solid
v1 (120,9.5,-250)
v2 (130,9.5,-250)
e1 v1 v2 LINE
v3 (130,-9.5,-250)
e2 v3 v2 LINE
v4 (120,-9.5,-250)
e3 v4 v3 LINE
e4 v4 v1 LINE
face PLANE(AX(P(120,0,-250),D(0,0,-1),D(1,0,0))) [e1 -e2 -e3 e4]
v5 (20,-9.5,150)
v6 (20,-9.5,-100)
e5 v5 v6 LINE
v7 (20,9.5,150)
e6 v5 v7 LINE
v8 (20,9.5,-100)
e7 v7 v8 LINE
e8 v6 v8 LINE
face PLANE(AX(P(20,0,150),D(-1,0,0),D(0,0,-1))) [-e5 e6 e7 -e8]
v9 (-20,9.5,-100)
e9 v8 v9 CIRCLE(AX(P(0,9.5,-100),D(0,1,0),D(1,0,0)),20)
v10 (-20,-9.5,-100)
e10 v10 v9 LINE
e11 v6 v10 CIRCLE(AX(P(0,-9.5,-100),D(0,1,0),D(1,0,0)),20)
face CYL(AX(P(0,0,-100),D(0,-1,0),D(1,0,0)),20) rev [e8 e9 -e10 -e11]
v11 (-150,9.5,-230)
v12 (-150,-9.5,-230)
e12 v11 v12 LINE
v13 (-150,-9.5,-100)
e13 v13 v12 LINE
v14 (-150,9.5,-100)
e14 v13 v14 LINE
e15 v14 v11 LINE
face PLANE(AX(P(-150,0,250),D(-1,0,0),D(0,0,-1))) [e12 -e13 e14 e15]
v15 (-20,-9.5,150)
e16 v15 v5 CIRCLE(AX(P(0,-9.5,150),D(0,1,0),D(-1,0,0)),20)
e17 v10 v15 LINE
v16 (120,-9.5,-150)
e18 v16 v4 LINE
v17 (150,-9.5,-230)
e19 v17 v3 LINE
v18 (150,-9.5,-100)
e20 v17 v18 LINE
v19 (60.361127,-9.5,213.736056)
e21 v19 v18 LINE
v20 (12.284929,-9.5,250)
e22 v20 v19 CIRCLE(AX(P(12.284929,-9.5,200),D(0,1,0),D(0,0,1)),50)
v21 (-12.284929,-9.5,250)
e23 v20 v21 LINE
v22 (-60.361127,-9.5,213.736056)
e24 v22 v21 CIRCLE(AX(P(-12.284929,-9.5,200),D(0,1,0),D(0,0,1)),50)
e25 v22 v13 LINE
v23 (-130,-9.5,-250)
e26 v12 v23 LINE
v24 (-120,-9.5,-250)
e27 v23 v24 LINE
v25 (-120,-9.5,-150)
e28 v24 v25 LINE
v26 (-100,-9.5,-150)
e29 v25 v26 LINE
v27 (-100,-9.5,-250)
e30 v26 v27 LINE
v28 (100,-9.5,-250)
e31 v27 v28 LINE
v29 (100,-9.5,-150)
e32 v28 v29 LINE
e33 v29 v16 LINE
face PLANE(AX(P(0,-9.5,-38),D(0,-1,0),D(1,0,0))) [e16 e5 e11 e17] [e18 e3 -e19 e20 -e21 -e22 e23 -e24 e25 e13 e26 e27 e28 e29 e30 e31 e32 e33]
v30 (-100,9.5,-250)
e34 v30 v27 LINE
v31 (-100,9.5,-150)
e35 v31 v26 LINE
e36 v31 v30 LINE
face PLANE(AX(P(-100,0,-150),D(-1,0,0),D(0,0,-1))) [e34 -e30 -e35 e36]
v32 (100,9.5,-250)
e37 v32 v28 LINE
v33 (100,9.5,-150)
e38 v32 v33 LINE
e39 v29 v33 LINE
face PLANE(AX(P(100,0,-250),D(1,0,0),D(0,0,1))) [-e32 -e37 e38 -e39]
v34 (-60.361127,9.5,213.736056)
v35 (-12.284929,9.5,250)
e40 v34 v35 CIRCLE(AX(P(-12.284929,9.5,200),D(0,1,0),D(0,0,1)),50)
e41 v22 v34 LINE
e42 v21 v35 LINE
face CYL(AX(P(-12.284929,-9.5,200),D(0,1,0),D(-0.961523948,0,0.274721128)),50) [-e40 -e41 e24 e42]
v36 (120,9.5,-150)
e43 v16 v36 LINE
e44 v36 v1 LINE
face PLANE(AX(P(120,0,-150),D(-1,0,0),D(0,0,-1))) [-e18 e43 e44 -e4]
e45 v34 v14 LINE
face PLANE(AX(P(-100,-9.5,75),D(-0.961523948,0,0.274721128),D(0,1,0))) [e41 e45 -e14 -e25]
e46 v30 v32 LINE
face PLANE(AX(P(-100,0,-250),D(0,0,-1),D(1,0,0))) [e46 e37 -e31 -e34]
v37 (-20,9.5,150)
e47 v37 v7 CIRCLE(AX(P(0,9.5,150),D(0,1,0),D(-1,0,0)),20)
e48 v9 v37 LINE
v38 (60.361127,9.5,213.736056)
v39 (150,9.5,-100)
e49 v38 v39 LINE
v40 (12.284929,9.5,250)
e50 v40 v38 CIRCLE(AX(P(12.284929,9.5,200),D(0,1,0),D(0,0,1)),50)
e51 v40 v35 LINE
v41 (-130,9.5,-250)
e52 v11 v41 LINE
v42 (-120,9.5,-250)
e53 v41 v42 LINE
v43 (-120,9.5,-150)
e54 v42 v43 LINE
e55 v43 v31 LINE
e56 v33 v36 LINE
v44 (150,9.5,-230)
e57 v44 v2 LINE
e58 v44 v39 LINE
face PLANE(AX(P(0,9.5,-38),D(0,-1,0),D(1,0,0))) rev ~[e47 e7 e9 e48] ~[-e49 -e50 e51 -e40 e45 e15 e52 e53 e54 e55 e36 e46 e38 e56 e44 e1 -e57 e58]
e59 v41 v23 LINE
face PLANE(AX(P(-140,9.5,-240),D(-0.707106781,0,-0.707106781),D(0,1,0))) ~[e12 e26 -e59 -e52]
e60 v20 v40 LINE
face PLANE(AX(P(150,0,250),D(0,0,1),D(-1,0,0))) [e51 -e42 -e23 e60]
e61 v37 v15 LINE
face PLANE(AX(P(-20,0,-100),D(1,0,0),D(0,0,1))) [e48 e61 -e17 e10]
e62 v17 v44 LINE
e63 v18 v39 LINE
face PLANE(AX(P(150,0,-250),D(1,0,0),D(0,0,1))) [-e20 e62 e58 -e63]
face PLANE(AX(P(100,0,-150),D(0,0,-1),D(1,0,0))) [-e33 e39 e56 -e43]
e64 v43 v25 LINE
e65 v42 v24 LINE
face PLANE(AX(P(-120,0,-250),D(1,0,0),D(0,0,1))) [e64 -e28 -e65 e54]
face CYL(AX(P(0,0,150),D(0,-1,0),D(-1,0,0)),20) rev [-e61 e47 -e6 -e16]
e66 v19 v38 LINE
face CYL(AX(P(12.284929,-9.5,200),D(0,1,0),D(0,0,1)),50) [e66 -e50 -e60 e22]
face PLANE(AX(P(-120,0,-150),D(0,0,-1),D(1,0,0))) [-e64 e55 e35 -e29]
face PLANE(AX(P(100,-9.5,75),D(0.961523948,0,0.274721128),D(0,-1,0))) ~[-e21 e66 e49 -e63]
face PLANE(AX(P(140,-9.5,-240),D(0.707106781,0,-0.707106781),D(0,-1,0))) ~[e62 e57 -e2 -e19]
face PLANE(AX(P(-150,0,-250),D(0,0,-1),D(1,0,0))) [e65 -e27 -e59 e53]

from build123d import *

# Parameters (mm, degrees)
F1_DEPTH = 9.5
F2_SIZE2 = 350
F2_SIZE  = 100
F3_R     = 50
F4_SIZE  = 20


with BuildPart() as f1:
    # F0 (on Front) → F1 (new body, symmetric)
    with BuildSketch(Plane.XZ):
        Polygon((0, 250), (-150, 250), (-150, -250), (-120, -250), (-120, -150), (-100, -150), (-100, -250), (0, -250), (100, -250), (100, -150), (120, -150), (120, -250), (150, -250), (150, 250), align=None)
        with BuildLine():
            ThreePointArc((-20, 150), (0, 170), (20, 150))
            Line((20, 150), (20, -100))
            ThreePointArc((20, -100), (0, -120), (-20, -100))
            Line((-20, -100), (-20, 150))
        make_face(mode=Mode.SUBTRACT)
    extrude(amount=F1_DEPTH, both=True)

    # F2
    f2_edges = [f1.edges().sort_by_distance(p)[0] for p in [
        (150, 0, 250),
        (-150, 0, 250),
    ]]
    f2_side = f1.faces().sort_by_distance((0, 0, 250))[0]
    chamfer(f2_edges, length=F2_SIZE, length2=F2_SIZE2, reference=f2_side)

    # F3
    f3_edges = [f1.edges().sort_by_distance(p)[0] for p in [
        (-50, 0, 250),
        (50, 0, 250),
    ]]
    fillet(f3_edges, radius=F3_R)

    # F4
    f4_edges = [f1.edges().sort_by_distance(p)[0] for p in [
        (-150, 0, -250),
        (150, 0, -250),
    ]]
    chamfer(f4_edges, length=F4_SIZE)


solid = f1.part
